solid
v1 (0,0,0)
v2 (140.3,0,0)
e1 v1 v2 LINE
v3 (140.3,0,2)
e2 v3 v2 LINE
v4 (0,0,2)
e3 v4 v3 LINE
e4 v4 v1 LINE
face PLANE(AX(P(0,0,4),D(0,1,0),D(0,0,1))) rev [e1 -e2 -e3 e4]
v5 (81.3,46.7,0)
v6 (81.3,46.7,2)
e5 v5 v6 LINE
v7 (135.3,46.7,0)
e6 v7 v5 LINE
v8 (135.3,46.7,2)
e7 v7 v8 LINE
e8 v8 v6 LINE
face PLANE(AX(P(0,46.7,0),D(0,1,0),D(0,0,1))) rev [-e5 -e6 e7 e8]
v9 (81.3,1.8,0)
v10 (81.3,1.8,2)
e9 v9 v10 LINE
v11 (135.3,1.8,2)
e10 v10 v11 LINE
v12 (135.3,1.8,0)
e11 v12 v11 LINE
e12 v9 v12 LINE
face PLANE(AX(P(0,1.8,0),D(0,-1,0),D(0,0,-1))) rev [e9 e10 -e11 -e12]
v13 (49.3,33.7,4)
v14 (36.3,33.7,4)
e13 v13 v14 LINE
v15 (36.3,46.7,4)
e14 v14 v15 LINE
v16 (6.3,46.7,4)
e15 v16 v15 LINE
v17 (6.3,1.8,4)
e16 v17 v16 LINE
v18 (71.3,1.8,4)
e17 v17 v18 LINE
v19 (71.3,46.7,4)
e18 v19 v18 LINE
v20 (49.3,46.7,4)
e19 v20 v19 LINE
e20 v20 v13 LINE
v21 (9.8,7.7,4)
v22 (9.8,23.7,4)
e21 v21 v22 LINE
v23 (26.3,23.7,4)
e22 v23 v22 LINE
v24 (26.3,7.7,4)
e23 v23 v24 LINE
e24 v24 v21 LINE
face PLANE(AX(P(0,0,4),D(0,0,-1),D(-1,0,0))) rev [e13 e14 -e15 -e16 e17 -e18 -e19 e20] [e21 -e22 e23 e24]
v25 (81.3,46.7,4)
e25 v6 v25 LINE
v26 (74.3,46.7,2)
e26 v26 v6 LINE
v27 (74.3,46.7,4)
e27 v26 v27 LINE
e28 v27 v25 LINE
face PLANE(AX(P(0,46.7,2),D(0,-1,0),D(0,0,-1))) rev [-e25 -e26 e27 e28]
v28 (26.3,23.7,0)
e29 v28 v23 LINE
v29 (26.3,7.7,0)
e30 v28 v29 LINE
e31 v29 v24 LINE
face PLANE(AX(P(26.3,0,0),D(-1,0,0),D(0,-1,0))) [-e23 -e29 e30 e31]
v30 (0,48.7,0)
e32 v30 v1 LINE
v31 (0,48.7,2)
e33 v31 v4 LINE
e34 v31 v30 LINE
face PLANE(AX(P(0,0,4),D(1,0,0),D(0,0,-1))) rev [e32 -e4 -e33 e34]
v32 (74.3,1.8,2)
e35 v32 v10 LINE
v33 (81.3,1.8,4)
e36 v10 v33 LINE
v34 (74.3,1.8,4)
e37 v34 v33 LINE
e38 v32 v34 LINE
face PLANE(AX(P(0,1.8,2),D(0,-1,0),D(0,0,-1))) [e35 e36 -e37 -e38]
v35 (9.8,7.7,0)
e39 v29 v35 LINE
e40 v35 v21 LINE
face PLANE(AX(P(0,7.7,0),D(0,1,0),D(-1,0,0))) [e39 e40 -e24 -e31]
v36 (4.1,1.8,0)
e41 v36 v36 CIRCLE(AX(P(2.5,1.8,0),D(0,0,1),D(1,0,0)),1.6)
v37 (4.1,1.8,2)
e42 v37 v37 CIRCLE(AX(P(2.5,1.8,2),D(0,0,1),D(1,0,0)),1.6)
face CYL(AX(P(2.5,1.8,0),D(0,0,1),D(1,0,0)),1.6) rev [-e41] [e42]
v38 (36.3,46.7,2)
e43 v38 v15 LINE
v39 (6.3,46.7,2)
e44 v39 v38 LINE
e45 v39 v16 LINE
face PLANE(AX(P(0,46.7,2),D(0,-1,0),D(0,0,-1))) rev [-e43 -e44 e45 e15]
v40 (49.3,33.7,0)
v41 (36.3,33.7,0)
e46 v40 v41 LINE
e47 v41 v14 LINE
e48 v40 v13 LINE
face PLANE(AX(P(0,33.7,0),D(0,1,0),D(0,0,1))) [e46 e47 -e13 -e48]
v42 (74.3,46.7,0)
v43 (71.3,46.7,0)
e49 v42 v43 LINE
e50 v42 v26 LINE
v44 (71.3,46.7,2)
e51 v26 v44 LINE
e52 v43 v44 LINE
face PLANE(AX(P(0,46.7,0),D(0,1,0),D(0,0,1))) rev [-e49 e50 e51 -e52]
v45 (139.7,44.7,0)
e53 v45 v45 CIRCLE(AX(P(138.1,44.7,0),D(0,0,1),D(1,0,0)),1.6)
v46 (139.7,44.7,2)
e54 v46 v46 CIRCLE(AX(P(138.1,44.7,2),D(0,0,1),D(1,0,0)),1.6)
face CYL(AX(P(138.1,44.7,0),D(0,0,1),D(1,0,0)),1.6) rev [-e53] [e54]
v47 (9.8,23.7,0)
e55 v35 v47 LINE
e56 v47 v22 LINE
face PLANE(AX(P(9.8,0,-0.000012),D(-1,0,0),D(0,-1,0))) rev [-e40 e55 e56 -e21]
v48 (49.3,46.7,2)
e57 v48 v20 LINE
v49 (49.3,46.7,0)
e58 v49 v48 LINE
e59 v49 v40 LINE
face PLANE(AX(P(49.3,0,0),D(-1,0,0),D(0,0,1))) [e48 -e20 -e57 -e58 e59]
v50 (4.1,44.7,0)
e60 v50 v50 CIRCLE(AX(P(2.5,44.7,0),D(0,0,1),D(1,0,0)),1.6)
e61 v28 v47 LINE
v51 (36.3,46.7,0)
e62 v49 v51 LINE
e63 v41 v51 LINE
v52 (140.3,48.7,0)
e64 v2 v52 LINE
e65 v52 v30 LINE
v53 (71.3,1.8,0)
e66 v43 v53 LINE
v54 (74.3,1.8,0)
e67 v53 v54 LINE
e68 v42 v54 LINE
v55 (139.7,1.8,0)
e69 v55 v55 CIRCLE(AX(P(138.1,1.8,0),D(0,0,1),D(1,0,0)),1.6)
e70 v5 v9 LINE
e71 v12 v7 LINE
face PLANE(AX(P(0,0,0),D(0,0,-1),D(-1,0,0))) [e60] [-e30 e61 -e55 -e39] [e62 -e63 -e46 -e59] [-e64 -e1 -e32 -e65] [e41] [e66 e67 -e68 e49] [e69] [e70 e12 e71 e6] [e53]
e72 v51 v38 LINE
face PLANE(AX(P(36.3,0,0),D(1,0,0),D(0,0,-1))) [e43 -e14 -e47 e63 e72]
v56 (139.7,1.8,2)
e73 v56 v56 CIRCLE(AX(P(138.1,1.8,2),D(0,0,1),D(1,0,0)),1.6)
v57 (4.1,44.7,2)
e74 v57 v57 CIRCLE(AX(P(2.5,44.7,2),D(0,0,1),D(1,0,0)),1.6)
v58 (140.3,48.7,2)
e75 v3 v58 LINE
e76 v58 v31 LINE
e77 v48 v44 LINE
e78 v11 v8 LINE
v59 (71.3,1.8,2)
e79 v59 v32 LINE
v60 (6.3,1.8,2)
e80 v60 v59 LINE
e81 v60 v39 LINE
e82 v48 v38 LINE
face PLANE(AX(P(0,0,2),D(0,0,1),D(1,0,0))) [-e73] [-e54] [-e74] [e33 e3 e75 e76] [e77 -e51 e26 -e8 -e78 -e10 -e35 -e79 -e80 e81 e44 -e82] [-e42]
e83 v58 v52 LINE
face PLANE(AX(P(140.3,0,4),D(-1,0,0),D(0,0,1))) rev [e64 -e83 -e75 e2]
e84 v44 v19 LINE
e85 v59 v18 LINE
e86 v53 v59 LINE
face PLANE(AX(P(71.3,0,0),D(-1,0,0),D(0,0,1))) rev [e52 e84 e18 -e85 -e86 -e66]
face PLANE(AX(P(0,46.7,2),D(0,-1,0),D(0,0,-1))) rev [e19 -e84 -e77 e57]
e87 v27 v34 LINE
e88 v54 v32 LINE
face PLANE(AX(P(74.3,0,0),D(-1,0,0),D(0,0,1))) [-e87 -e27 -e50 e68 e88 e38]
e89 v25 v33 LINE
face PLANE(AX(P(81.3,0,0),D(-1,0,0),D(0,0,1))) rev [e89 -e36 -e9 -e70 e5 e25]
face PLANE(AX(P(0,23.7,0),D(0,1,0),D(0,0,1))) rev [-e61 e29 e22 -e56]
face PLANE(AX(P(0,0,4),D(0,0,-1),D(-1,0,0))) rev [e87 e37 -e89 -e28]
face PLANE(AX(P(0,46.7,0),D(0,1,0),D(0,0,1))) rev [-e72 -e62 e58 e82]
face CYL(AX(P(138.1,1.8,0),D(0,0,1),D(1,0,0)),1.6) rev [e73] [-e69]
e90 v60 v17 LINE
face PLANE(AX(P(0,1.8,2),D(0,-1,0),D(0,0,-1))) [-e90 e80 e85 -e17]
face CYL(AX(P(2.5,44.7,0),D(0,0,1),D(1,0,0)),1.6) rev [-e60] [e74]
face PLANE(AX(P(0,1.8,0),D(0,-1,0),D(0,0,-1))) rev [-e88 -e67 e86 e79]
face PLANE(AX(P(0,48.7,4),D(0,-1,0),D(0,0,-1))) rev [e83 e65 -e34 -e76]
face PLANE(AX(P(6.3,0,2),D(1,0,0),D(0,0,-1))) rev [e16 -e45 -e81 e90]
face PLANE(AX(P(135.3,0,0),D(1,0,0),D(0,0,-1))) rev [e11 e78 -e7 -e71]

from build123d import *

# Parameters (mm, degrees)
SKETCH_2_W               = 140.3
SKETCH_2_H               = 48.7
EXTRUDE_1_DEPTH          = 4
SKETCH_3_W               = 140.3
SKETCH_3_H               = 48.7
SKETCH_3_R               = 1.6
SKETCH_3_W_2             = 129
SKETCH_3_H_2             = 44.9
CUT_EXTRUDE_1_DEPTH      = 2
SKETCH_6_W               = 54
SKETCH_6_H               = 44.9
SKETCH_6_W_2             = 3
SKETCH_6_W_3             = 13
SKETCH_6_H_2             = 13
SKETCH_6_W_4             = 10
SKETCH_6_H_3             = 16
SKETCH_6_R               = 1.6
CUT_EXTRUDE_2_DEPTH      = 149.565743023
CUT_EXTRUDE_3_DEPTH      = 149.565743023
CUT_EXTRUDE_3_DEPTH_BACK = 10
SKETCH_7_W               = 6.5
SKETCH_7_H               = 16


with BuildPart() as part:
    # 草图2 → 凸台-拉伸1 (new body)
    with BuildSketch(Plane.XY):
        with Locations((70.15, 24.35)):
            Rectangle(SKETCH_2_W, SKETCH_2_H)
    extrude(amount=EXTRUDE_1_DEPTH)

    # 草图3 → 切除-拉伸1 (cut)
    with BuildSketch(Plane.XY.offset(4)):
        with Locations((70.15, 24.35)):
            Rectangle(SKETCH_3_W, SKETCH_3_H)
        with Locations((138.1, 1.8)):
            Circle(SKETCH_3_R, mode=Mode.SUBTRACT)
        with Locations((138.1, 44.7)):
            Circle(SKETCH_3_R, mode=Mode.SUBTRACT)
        with Locations((2.5, 1.8)):
            Circle(SKETCH_3_R, mode=Mode.SUBTRACT)
        with Locations((2.5, 44.7)):
            Circle(SKETCH_3_R, mode=Mode.SUBTRACT)
        with Locations((70.8, 24.25)):
            Rectangle(SKETCH_3_W_2, SKETCH_3_H_2, mode=Mode.SUBTRACT)
    extrude(amount=-CUT_EXTRUDE_1_DEPTH, mode=Mode.SUBTRACT)

    # 草图6 → 切除-拉伸2 (cut, through all)
    with BuildSketch(Plane.XY.offset(4)):
        with Locations((108.3, 24.25)):
            Rectangle(SKETCH_6_W, SKETCH_6_H)
        with Locations((72.8, 24.25)):
            Rectangle(SKETCH_6_W_2, SKETCH_6_H)
        with Locations((42.8, 40.2)):
            Rectangle(SKETCH_6_W_3, SKETCH_6_H_2)
        with Locations((21.3, 15.7)):
            Rectangle(SKETCH_6_W_4, SKETCH_6_H_3)
        with Locations((2.5, 44.7)):
            Circle(SKETCH_6_R)
        with Locations((2.5, 1.8)):
            Circle(SKETCH_6_R)
        with Locations((138.1, 44.7)):
            Circle(SKETCH_6_R)
        with Locations((138.1, 1.8)):
            Circle(SKETCH_6_R)
    extrude(amount=-CUT_EXTRUDE_2_DEPTH, mode=Mode.SUBTRACT)

    # 草图7 → 切除-拉伸3 (cut, two sides: drawn at the far end of the back side and taken through both)
    with BuildSketch(Plane(origin=(0, 0, 0), x_dir=(-1, 0, 0), z_dir=(0, 0, -1)).offset(-CUT_EXTRUDE_3_DEPTH_BACK)):
        with Locations((-13.05, 15.7)):
            Rectangle(SKETCH_7_W, SKETCH_7_H)
    extrude(amount=CUT_EXTRUDE_3_DEPTH + CUT_EXTRUDE_3_DEPTH_BACK, mode=Mode.SUBTRACT)


solid = part.part
